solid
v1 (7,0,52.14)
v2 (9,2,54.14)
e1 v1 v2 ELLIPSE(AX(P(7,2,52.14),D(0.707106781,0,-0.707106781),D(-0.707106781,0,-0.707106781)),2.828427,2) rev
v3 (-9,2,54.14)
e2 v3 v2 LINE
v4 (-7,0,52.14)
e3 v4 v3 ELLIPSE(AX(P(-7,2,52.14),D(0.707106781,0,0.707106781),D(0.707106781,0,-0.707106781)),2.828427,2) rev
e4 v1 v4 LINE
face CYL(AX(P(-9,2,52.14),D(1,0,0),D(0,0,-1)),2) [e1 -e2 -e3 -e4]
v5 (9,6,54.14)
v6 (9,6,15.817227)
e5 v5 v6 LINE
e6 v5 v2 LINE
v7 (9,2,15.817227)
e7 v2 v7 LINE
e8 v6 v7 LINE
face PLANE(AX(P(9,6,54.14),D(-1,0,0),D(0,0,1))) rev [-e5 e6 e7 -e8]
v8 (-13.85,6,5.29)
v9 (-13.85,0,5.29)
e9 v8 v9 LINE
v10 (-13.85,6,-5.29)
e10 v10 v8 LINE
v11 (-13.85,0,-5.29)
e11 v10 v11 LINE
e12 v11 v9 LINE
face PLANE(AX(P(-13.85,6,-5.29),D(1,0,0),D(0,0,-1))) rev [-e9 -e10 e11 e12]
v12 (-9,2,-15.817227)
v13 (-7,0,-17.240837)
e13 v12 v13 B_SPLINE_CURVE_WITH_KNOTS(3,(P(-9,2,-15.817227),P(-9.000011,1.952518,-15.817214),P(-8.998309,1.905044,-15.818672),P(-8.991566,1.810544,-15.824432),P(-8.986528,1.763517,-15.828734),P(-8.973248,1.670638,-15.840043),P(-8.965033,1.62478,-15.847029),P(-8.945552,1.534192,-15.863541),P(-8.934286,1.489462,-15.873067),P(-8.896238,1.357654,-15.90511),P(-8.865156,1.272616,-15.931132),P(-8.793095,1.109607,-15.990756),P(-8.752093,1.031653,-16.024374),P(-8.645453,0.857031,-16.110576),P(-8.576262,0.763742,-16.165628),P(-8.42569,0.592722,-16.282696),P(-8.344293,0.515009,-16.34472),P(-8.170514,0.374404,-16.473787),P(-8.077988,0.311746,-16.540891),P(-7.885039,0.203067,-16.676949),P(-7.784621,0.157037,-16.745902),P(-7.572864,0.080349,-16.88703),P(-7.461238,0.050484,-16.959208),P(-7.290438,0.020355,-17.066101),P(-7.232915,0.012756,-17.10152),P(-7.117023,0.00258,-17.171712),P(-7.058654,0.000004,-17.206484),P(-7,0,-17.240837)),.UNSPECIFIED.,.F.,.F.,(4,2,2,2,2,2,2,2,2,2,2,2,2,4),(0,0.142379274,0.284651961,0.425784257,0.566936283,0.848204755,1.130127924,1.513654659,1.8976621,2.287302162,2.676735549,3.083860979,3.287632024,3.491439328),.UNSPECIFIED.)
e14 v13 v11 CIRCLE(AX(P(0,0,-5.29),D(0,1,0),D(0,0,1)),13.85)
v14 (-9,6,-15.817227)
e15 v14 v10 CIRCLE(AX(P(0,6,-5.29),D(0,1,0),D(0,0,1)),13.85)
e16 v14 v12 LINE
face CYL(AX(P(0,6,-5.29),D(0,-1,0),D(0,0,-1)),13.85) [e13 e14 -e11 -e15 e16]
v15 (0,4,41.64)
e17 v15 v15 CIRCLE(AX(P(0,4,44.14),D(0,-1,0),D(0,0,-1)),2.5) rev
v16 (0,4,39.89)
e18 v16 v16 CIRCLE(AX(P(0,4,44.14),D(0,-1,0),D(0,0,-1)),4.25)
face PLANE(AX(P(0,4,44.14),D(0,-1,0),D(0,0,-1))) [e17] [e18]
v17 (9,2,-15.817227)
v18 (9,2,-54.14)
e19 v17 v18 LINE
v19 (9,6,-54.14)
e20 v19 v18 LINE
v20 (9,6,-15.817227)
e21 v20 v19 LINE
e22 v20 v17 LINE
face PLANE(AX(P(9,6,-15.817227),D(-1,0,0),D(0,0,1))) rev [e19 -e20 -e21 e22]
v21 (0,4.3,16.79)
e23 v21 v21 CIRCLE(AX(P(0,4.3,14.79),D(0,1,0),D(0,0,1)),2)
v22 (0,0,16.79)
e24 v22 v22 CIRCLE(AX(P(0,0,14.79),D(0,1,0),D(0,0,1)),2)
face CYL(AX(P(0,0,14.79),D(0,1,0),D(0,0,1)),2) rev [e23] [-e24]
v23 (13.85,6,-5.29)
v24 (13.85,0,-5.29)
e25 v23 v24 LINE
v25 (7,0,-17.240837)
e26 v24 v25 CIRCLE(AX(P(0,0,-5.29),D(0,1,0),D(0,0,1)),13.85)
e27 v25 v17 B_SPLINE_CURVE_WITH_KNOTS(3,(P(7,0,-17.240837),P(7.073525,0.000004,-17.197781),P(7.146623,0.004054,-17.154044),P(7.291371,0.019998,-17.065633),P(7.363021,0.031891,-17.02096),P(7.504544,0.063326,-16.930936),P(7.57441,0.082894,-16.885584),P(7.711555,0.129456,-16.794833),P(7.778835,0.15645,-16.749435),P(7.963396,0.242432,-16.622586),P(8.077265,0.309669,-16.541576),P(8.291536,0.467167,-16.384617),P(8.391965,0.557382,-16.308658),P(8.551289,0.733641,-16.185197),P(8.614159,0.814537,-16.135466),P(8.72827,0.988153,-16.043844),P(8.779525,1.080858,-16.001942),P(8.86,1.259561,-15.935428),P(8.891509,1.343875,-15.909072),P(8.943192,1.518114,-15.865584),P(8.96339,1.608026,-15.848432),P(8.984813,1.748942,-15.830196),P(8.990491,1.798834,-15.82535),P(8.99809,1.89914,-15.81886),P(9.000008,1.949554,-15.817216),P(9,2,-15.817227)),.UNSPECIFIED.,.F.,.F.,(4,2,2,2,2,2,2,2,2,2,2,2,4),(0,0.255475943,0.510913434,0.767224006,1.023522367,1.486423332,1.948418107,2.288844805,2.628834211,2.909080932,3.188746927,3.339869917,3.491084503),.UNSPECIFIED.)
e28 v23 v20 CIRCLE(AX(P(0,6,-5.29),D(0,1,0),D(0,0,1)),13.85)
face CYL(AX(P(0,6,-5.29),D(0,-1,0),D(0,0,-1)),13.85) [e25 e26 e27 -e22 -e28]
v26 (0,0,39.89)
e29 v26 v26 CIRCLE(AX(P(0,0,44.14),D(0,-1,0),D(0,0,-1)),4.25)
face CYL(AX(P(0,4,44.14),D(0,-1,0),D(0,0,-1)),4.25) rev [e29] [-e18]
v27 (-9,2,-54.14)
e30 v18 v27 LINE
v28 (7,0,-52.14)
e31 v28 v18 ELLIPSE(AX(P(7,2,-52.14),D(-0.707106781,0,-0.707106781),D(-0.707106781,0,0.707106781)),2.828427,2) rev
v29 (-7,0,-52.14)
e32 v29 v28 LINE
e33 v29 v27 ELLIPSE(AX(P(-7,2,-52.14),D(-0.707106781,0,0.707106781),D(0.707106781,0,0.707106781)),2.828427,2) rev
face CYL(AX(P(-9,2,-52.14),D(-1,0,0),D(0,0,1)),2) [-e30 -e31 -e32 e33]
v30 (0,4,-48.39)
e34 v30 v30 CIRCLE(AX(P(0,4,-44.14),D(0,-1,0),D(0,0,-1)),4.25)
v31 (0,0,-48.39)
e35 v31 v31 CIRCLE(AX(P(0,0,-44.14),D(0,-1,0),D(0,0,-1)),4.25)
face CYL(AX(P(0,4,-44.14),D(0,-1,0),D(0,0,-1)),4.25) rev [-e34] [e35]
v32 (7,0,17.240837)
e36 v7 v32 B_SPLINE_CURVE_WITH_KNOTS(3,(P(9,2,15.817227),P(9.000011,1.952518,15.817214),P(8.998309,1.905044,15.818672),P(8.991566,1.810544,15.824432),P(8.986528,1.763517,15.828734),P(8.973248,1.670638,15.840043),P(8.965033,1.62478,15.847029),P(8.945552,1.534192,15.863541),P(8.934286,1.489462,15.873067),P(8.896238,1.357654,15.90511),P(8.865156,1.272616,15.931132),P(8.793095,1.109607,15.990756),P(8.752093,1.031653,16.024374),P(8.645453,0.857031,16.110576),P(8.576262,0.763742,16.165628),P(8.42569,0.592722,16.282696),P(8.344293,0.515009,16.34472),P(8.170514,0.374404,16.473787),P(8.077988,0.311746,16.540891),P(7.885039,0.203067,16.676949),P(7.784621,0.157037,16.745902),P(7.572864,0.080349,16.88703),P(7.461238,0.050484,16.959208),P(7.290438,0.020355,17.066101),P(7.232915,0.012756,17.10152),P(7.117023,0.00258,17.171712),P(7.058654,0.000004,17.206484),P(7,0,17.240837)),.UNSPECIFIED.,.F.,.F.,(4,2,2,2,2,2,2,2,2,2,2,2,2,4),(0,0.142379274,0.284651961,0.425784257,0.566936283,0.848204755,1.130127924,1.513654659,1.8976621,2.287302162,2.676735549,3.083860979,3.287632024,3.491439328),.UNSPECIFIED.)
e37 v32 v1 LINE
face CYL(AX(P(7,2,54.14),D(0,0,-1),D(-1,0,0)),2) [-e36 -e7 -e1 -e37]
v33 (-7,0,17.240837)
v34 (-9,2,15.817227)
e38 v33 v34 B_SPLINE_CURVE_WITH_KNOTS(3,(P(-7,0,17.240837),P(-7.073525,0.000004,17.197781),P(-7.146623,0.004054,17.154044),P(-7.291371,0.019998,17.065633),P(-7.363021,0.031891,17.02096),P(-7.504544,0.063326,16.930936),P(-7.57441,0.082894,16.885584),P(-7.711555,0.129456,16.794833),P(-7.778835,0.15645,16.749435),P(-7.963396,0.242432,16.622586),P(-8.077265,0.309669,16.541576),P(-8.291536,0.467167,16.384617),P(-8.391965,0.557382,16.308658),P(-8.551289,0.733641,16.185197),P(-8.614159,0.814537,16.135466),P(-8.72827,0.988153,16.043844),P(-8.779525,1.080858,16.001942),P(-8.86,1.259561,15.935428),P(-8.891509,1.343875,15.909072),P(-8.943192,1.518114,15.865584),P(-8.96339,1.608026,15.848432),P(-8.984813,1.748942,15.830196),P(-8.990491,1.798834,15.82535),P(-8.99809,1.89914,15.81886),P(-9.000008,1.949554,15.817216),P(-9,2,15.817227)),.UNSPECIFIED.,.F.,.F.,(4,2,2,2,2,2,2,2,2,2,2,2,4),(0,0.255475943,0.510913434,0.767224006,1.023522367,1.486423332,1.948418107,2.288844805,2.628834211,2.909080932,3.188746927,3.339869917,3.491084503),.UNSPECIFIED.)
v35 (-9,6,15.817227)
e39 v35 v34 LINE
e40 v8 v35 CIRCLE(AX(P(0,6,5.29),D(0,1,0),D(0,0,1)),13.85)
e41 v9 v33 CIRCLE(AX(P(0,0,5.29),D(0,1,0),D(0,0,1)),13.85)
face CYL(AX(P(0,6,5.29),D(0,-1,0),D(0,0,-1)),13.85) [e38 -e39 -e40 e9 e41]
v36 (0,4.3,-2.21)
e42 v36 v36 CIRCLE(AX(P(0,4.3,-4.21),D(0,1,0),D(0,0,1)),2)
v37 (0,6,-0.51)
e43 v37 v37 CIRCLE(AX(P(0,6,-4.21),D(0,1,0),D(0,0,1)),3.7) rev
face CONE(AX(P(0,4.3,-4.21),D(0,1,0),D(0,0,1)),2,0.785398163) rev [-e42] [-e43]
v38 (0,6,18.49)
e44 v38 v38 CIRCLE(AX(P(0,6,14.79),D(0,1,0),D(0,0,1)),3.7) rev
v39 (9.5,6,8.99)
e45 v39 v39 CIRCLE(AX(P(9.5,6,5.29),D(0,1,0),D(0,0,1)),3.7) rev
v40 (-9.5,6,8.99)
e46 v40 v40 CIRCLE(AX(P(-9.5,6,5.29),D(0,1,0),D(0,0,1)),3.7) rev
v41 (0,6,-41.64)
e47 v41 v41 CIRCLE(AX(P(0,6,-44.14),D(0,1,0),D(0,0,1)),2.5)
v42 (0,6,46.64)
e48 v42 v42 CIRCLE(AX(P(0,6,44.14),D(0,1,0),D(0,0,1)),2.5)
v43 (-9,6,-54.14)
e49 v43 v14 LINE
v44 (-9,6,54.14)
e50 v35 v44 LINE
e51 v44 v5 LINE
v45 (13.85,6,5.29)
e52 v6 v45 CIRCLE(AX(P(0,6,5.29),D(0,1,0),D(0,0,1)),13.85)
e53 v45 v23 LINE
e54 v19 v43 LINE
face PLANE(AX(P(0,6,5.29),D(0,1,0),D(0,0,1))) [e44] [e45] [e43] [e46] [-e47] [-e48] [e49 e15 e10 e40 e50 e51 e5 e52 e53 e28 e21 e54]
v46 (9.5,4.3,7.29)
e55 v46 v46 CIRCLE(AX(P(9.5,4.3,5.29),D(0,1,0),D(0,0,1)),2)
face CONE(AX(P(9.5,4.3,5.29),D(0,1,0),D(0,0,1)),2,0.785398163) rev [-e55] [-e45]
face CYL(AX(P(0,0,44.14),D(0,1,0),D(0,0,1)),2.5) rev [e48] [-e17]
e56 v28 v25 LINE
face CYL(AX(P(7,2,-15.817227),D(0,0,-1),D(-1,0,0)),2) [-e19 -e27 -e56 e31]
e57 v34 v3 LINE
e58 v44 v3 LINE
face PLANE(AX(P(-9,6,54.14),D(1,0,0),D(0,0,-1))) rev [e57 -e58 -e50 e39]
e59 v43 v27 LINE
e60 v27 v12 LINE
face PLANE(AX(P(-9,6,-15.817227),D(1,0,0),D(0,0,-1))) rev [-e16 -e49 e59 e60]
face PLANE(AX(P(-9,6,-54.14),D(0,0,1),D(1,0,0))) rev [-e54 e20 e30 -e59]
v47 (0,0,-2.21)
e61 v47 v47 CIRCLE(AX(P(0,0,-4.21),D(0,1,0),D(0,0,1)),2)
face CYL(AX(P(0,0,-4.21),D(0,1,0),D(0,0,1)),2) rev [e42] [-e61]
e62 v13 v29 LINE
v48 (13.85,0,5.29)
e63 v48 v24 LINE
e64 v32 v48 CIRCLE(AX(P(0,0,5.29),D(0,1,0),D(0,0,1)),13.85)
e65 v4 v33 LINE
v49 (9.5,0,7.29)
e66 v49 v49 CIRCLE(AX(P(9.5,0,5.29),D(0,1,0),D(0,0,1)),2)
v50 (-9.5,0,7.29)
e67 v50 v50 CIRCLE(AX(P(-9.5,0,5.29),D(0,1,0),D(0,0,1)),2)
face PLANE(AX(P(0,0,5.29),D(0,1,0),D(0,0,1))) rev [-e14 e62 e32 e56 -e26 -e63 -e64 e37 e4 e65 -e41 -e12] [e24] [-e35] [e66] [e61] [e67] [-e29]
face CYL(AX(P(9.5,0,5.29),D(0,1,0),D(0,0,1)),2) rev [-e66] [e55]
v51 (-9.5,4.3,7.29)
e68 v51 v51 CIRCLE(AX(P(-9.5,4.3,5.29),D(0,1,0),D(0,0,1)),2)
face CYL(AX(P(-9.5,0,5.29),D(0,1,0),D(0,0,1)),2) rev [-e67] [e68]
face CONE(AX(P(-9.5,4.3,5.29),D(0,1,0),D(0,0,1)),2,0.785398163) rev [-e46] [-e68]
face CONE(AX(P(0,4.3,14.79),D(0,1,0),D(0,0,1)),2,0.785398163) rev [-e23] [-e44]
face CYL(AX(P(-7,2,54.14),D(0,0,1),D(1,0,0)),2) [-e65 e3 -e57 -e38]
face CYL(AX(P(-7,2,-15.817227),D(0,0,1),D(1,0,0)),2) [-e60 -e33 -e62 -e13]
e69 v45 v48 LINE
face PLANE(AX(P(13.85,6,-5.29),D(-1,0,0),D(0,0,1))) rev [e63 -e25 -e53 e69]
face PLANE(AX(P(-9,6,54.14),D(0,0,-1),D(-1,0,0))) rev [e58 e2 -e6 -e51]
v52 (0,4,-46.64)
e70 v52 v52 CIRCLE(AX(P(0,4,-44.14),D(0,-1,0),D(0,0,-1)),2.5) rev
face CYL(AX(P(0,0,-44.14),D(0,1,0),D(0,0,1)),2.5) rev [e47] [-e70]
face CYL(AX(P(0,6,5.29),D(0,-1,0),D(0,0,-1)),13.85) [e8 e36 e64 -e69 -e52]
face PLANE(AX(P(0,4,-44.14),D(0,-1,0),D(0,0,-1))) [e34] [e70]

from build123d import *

# Parameters (mm, degrees)
BOSS_EXTRUDE1_DEPTH = 6
SKETCH4_R           = 2.5
SKETCH4_R_2         = 2
CUT_EXTRUDE1_DEPTH  = 6
CHAMFER1_SIZE       = 1.7
FILLET1_R           = 2
SKETCH5_R           = 4.25
CUT_EXTRUDE2_DEPTH  = 4


with BuildPart() as part:
    # Sketch1 → Boss-Extrude1 (new body)
    with BuildSketch(Plane(origin=(0, 0, 0), x_dir=(1, 0, 0), z_dir=(0, 1, 0))):
        with BuildLine():
            Line((-13.85, 5.29), (-13.85, -5.29))
            ThreePointArc((-13.85, -5.29), (-12.5791991, -11.085364527), (-9, -15.817226605))
            Line((-9, -15.817226605), (-9, -54.14))
            Line((-9, -54.14), (9, -54.14))
            Line((9, -54.14), (9, -15.817226605))
            ThreePointArc((9, -15.817226605), (12.5791991, -11.085364527), (13.85, -5.29))
            Line((13.85, -5.29), (13.85, 5.29))
            ThreePointArc((13.85, 5.29), (12.5791991, 11.085364527), (9, 15.817226605))
            Line((9, 15.817226605), (9, 54.14))
            Line((9, 54.14), (-9, 54.14))
            Line((-9, 54.14), (-9, 15.817226605))
            ThreePointArc((-9, 15.817226605), (-12.5791991, 11.085364527), (-13.85, 5.29))
        make_face()
    extrude(amount=BOSS_EXTRUDE1_DEPTH)

    # Sketch4 → Cut-Extrude1 (cut)
    with BuildSketch(Plane(origin=(0, 6, 0), x_dir=(1, 0, 0), z_dir=(0, 1, 0))):
        with Locations((0, 44.14)):
            Circle(SKETCH4_R)
        with Locations((0, -44.14)):
            Circle(SKETCH4_R)
        with Locations((-9.5, -5.29)):
            Circle(SKETCH4_R_2)
        with Locations((9.5, -5.29)):
            Circle(SKETCH4_R_2)
        with Locations((0, 4.21)):
            Circle(SKETCH4_R_2)
        with Locations((0, -14.79)):
            Circle(SKETCH4_R_2)
    extrude(amount=-CUT_EXTRUDE1_DEPTH, mode=Mode.SUBTRACT)

    # Chamfer1
    chamfer1_edges = [part.edges().sort_by_distance(p)[0] for p in [
        (-2, 6, 14.79),
        (-11.5, 6, 5.29),
        (7.5, 6, 5.29),
        (-2, 6, -4.21),
    ]]
    chamfer(chamfer1_edges, length=CHAMFER1_SIZE)

    # Fillet1
    fillet1_edges = [part.edges().sort_by_distance(p)[0] for p in [
        (9, 0, 34.978613303),
        (0, 0, 54.14),
        (-9, 0, 34.978613303),
        (-9, 0, -34.978613303),
        (0, 0, -54.14),
        (9, 0, -34.978613303),
    ]]
    fillet(fillet1_edges, radius=FILLET1_R)

    # Sketch5 → Cut-Extrude2 (cut)
    with BuildSketch(Plane.XZ):
        with Locations((0, -44.14)):
            Circle(SKETCH5_R)
        with Locations((0, 44.14)):
            Circle(SKETCH5_R)
    extrude(amount=-CUT_EXTRUDE2_DEPTH, mode=Mode.SUBTRACT)


solid = part.part
